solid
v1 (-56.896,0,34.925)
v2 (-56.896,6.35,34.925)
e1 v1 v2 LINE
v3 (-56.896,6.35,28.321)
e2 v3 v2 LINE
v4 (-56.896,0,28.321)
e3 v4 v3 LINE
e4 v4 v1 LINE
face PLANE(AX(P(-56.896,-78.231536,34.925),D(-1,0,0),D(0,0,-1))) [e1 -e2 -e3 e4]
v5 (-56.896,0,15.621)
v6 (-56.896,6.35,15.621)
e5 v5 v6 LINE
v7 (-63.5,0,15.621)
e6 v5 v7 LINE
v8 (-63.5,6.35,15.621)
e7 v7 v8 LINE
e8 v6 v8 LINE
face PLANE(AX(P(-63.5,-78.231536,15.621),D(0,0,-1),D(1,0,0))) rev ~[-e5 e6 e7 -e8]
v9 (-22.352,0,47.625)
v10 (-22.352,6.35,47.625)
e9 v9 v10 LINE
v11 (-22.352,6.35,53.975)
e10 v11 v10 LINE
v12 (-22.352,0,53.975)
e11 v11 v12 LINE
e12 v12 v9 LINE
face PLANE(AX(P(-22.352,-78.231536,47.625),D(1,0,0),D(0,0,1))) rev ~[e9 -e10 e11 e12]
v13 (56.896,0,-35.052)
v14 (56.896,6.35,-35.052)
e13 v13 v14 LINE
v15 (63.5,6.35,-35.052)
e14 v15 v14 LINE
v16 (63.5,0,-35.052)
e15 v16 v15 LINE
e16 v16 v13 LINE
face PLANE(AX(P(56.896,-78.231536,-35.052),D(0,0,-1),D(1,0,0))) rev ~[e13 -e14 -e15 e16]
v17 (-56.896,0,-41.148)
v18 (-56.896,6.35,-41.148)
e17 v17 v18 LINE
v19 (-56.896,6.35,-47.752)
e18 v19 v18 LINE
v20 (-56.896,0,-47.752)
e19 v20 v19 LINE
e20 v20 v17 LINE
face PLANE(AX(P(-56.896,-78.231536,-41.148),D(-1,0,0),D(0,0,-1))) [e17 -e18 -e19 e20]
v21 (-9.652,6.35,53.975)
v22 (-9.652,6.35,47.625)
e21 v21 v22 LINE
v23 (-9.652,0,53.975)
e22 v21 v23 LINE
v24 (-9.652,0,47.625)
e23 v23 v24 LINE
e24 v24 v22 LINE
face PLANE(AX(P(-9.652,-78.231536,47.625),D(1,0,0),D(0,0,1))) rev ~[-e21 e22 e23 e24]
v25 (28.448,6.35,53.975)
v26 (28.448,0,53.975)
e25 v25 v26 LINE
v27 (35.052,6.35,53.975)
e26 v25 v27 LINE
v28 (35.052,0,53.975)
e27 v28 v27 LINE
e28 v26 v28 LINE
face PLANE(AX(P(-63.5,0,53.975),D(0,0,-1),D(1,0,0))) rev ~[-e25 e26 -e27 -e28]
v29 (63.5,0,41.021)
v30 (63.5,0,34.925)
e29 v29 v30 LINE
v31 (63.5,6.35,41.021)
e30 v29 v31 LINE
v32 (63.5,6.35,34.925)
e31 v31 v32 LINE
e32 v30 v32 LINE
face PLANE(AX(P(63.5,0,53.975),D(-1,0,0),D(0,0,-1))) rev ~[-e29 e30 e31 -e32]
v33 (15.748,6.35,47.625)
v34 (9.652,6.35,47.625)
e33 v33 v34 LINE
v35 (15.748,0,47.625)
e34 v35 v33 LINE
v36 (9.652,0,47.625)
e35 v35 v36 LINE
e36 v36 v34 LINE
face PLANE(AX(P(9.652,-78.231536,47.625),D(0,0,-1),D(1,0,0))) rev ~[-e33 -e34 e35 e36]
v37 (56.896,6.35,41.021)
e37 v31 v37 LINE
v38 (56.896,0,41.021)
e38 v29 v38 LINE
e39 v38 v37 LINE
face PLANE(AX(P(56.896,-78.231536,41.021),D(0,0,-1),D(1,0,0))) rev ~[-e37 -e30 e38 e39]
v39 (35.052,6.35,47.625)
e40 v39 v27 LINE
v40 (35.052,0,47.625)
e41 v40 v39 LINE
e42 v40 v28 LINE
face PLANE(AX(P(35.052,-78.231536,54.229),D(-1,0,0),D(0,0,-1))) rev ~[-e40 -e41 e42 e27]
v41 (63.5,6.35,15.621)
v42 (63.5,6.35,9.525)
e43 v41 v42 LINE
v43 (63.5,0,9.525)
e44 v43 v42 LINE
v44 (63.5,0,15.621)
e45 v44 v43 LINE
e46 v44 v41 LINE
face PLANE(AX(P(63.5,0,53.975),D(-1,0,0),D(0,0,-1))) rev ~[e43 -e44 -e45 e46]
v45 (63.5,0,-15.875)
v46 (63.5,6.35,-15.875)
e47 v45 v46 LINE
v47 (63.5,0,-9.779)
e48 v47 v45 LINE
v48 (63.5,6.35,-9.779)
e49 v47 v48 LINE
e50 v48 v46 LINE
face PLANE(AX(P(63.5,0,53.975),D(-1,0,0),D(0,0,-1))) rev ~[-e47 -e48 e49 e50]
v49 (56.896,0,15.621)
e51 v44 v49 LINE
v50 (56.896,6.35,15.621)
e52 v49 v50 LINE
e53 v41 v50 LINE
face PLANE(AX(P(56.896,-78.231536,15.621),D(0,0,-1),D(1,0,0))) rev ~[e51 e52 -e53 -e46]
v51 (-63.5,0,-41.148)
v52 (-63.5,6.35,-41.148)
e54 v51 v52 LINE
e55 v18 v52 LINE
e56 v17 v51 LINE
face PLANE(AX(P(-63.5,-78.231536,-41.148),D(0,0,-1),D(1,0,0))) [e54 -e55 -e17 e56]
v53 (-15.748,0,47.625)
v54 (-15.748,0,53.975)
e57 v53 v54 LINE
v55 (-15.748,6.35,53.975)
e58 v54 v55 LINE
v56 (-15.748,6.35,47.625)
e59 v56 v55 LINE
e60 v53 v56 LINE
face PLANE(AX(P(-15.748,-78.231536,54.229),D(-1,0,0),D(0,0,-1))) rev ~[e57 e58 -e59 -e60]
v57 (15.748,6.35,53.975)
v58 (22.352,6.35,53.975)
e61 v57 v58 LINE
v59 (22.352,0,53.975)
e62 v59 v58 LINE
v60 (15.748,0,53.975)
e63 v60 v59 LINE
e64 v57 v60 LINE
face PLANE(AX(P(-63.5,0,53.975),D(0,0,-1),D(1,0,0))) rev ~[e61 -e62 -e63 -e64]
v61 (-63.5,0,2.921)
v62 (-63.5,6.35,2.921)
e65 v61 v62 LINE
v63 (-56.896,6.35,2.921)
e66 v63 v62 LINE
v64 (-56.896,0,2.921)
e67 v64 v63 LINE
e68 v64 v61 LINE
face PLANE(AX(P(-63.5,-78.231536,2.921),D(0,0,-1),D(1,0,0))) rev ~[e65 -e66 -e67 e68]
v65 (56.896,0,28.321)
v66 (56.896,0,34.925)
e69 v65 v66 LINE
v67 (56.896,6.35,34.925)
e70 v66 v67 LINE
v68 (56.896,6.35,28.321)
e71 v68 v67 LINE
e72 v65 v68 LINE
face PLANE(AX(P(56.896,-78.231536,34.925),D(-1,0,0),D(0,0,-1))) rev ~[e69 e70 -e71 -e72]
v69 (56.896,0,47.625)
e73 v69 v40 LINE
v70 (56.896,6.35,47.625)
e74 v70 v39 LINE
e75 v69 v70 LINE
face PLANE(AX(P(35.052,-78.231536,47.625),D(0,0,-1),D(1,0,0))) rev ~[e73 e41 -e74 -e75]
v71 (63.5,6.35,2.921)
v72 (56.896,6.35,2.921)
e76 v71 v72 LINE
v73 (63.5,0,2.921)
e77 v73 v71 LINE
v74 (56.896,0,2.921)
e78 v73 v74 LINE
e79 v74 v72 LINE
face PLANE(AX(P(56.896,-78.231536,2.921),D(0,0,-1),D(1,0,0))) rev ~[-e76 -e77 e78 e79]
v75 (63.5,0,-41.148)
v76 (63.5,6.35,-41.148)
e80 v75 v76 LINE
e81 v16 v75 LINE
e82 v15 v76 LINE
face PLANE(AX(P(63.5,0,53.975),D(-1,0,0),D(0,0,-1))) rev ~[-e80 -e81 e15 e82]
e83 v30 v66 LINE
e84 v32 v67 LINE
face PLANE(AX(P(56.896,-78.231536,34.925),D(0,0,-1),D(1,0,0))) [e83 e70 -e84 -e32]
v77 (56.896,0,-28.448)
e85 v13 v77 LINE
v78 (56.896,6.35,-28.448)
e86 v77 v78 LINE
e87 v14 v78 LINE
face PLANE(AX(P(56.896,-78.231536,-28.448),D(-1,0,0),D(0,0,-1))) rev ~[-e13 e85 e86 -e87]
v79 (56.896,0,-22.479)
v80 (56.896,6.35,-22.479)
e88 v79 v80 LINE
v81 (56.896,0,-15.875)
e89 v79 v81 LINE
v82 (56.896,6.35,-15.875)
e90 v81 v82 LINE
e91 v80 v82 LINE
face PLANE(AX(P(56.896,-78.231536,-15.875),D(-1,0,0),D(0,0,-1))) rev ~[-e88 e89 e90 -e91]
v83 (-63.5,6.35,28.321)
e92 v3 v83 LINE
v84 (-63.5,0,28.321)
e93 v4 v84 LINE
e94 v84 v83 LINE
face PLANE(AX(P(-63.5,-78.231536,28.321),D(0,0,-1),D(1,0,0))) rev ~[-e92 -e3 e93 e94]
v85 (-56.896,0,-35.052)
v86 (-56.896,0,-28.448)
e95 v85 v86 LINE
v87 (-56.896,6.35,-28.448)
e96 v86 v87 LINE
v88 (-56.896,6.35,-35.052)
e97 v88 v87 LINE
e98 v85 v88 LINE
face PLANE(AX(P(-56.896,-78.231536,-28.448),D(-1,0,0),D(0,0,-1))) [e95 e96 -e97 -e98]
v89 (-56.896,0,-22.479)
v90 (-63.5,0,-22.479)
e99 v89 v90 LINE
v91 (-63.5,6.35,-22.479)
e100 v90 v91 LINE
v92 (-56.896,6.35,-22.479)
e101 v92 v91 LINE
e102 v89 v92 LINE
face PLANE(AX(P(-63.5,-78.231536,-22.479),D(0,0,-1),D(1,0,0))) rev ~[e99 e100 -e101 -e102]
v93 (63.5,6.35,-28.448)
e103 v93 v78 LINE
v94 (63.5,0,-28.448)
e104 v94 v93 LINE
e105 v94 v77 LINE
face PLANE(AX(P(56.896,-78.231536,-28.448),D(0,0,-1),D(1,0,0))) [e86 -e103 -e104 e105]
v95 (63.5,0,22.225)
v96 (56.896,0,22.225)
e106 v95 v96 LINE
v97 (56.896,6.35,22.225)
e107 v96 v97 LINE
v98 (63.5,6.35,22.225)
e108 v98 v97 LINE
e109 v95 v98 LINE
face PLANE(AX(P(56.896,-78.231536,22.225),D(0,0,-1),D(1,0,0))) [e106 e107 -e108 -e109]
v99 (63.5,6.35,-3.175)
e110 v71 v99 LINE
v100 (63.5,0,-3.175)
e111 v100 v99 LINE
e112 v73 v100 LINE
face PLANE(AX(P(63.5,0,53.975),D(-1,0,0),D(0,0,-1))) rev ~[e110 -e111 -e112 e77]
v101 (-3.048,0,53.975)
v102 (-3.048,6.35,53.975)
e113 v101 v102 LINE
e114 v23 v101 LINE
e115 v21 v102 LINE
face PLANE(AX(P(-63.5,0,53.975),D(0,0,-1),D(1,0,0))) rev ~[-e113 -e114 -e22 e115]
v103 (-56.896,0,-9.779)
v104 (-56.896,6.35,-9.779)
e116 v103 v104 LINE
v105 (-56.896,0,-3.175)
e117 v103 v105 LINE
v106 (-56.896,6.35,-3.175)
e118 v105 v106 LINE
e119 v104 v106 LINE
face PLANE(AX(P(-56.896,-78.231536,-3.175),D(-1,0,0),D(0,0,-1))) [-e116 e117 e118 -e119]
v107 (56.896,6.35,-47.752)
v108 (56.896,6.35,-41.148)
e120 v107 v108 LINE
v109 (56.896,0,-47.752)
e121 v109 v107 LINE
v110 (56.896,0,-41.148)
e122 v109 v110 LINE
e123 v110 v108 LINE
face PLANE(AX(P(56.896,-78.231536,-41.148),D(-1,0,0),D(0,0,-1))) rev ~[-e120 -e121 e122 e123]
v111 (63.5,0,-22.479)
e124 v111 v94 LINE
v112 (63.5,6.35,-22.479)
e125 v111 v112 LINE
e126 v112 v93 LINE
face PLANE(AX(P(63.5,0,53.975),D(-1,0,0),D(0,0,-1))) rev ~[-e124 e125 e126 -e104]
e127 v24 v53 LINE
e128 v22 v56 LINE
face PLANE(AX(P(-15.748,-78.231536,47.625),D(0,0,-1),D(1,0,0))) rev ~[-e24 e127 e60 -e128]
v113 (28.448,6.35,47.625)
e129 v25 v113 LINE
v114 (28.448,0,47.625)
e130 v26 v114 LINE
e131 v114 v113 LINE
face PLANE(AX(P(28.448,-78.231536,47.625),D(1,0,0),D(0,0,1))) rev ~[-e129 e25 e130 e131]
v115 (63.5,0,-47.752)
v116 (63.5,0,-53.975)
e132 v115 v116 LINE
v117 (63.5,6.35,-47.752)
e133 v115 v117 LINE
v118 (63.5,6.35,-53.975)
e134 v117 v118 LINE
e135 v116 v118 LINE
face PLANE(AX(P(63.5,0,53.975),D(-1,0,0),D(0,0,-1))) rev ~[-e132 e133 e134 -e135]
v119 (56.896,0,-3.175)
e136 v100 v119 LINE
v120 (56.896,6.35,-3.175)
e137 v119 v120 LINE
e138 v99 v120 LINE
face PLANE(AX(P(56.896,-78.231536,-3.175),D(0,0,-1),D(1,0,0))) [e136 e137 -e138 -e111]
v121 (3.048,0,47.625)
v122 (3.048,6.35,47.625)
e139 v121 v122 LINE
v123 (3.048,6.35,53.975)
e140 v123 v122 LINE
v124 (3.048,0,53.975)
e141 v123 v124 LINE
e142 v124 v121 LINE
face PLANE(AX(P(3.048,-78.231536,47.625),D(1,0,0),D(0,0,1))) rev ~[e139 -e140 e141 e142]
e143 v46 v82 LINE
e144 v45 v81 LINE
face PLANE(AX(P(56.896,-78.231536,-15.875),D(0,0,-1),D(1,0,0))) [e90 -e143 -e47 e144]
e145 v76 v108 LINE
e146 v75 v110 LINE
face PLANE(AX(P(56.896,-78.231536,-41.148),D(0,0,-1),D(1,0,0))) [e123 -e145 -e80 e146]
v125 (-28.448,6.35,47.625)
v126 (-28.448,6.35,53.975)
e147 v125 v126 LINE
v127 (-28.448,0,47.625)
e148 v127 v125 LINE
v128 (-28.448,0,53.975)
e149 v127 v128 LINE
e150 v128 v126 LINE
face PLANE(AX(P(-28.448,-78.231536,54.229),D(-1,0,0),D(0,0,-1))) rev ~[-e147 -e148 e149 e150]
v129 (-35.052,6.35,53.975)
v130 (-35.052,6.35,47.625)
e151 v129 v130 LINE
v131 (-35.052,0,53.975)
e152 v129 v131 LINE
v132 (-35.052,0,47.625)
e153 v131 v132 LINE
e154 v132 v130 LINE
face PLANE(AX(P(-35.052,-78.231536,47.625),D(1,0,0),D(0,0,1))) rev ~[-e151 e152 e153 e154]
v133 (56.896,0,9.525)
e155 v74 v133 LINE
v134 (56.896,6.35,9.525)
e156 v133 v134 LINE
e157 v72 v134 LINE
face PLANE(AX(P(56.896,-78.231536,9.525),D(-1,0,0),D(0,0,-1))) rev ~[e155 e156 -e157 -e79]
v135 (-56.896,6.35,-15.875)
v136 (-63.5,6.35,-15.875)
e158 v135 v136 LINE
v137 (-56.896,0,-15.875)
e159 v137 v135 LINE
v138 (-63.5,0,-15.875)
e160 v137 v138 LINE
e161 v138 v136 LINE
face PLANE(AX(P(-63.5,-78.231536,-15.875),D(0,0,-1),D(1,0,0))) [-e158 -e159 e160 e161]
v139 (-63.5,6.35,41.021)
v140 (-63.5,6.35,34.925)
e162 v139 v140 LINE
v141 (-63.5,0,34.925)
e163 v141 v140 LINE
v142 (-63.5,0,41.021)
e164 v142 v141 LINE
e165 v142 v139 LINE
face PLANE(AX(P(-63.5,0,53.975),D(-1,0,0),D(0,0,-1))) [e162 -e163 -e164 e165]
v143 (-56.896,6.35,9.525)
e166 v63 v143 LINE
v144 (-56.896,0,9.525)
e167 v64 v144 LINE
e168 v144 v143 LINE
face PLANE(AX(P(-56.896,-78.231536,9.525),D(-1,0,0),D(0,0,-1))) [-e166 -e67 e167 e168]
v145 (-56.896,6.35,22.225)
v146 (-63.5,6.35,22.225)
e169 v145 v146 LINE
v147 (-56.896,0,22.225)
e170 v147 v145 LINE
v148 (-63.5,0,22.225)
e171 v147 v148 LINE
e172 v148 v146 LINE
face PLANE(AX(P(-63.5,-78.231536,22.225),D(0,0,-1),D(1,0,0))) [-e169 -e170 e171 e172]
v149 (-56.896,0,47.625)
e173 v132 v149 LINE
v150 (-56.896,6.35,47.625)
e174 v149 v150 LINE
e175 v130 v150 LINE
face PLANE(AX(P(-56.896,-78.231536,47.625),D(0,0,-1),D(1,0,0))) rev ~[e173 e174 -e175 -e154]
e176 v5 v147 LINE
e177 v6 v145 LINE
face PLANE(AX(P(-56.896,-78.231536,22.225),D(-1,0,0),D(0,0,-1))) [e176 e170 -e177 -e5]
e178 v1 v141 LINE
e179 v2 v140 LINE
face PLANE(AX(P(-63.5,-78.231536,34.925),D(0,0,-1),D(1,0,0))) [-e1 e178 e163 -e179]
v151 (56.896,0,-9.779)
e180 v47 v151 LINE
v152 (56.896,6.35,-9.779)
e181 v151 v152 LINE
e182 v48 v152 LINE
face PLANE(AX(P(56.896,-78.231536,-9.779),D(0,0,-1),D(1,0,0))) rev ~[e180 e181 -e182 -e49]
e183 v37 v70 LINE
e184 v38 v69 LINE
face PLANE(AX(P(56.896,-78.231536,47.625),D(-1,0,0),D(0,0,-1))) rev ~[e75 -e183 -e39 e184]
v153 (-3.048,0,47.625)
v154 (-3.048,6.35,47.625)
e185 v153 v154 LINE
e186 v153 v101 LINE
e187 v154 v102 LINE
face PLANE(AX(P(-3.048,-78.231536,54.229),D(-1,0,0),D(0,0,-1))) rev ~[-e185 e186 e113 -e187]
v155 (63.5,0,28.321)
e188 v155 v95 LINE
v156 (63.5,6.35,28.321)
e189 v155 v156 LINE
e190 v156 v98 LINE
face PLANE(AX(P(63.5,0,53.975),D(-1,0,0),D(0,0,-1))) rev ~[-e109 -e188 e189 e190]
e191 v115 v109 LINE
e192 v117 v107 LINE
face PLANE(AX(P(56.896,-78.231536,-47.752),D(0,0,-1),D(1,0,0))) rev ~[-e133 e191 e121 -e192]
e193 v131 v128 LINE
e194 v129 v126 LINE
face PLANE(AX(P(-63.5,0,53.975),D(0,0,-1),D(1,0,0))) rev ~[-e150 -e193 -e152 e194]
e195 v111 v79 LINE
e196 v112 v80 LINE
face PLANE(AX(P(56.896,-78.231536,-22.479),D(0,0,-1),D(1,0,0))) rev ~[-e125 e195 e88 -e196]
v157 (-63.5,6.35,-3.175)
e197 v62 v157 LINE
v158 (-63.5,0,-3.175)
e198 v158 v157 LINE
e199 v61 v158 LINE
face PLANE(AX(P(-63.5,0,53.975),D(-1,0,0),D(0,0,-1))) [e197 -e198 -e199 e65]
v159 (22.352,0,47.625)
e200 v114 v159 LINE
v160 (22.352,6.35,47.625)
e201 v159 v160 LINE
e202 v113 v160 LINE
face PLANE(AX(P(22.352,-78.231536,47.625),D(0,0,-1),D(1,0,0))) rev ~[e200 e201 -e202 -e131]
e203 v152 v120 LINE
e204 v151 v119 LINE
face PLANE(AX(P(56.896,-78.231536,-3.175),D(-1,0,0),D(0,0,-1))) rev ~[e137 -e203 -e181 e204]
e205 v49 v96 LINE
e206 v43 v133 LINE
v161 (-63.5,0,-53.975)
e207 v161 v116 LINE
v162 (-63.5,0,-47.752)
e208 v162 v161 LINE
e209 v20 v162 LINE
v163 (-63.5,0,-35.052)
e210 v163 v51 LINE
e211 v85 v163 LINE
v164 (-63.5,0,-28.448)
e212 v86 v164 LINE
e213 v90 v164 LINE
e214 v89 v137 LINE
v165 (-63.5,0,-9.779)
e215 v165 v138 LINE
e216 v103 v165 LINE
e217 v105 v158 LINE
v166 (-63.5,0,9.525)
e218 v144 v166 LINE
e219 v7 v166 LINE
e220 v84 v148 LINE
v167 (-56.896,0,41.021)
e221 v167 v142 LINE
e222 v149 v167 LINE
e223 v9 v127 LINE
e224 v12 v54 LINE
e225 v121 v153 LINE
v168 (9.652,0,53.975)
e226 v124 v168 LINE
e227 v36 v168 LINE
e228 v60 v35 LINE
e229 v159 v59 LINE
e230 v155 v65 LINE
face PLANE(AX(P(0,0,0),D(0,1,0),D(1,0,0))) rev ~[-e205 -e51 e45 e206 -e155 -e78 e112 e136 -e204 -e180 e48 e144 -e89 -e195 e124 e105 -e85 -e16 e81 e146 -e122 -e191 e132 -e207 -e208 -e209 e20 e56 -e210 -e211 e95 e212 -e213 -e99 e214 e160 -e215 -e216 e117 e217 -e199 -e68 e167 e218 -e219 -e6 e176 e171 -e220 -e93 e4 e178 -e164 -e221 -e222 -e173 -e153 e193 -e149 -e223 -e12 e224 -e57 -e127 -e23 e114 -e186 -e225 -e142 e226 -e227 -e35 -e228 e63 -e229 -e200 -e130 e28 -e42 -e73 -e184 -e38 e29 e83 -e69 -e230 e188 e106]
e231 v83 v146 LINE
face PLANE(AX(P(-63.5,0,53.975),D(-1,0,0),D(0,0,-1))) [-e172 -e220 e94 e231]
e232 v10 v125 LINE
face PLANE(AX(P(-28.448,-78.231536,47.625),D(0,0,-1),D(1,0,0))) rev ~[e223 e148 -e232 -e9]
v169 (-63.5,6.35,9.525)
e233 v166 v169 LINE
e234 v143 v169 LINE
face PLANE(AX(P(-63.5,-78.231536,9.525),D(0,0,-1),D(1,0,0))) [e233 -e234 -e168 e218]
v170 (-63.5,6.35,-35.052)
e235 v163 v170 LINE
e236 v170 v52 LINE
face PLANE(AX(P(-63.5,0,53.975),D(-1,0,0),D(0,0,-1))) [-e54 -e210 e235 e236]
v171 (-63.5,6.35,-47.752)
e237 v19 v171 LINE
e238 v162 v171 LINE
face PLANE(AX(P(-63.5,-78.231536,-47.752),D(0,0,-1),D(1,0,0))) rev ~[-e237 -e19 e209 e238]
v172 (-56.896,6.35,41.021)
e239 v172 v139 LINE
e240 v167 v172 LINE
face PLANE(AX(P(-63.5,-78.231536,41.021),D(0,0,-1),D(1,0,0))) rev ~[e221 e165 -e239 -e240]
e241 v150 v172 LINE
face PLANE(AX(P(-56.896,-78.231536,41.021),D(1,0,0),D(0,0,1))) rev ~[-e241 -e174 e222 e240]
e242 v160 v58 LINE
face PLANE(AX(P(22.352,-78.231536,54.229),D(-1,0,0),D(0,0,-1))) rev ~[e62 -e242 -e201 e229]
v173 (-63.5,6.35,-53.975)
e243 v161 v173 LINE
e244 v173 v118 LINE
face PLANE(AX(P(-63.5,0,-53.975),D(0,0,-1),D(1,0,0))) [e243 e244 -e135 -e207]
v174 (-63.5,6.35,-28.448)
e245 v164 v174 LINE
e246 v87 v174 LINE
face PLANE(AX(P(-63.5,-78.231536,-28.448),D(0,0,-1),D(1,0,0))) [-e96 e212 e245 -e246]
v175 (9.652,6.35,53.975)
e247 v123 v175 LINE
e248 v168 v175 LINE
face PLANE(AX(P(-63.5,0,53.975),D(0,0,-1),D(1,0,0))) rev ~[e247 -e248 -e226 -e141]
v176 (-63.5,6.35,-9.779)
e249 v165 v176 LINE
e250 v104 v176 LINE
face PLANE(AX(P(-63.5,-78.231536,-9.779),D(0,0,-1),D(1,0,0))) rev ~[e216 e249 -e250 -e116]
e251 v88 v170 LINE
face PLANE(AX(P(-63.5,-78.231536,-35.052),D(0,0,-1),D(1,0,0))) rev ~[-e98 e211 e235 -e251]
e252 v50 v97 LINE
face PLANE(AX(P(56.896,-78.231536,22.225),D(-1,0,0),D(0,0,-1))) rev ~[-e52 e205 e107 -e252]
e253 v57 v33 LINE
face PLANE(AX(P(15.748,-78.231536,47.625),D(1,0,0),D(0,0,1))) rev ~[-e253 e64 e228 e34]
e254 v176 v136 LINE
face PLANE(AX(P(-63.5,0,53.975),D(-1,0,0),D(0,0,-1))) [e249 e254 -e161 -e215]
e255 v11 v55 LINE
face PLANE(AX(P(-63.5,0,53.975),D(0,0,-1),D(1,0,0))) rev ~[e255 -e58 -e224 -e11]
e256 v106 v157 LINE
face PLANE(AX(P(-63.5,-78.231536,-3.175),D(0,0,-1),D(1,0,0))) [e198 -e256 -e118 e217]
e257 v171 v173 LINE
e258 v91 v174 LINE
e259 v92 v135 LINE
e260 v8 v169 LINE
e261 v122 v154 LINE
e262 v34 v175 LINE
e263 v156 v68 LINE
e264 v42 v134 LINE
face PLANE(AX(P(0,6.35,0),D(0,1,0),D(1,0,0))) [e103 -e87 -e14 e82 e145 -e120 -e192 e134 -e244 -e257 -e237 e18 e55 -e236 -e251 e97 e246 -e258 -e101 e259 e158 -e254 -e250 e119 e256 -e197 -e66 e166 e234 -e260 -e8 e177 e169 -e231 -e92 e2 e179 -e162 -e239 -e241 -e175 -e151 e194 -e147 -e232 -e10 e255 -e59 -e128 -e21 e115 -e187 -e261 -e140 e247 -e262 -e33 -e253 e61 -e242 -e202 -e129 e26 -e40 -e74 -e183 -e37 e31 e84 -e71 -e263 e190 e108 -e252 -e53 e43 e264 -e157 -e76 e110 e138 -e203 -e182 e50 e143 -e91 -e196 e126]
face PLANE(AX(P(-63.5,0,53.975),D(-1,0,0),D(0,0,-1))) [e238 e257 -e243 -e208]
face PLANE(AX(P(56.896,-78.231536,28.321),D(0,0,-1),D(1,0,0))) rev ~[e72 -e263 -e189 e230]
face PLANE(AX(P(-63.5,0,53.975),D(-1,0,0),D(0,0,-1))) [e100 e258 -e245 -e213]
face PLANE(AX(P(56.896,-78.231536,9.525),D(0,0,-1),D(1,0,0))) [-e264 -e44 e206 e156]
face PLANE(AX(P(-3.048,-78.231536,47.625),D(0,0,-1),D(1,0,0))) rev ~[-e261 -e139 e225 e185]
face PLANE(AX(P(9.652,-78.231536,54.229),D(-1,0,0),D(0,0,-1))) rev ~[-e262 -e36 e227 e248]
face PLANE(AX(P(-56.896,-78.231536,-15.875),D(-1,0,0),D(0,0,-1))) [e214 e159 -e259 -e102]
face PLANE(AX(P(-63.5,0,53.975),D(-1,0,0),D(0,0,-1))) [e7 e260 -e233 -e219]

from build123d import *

# Parameters (mm, degrees)
SKETCH1_W               = 127
SKETCH1_H               = 107.95
BOSS_EXTRUDE1_DEPTH     = 6.35
CUT_EXTRUDE1_DEPTH      = 84.58153579
CUT_EXTRUDE1_DEPTH_BACK = 84.58153579
SKETCH2_W               = 6.604
SKETCH2_H               = 6.604


with BuildPart() as part:
    # Sketch1 → Boss-Extrude1 (new body)
    with BuildSketch(Plane(origin=(0, 0, 0), x_dir=(1, 0, 0), z_dir=(0, 1, 0))):
        Rectangle(SKETCH1_W, SKETCH1_H)
    extrude(amount=BOSS_EXTRUDE1_DEPTH)

    # Sketch2 → Cut-Extrude1 (cut, two sides: drawn at the far end of the back side and taken through both)
    with BuildSketch(Plane(origin=(0, 6.35, 0), x_dir=(1, 0, 0), z_dir=(0, 1, 0)).offset(-CUT_EXTRUDE1_DEPTH_BACK)):
        Polygon((22.352, -47.625), (28.448, -47.625), (28.448, -54.229), (35.052, -54.229), (35.052, -47.625), (56.896, -47.625), (56.896, -41.021), (63.5, -41.021), (63.5, -47.625), (63.5, -92.544961432), (-63.5, -92.544961432), (-63.5, -47.625), (-63.5, -41.021), (-56.896, -41.021), (-56.896, -47.625), (-35.052, -47.625), (-35.052, -54.229), (-28.448, -54.229), (-28.448, -47.625), (-22.352, -47.625), (-22.352, -54.229), (-15.748, -54.229), (-15.748, -47.625), (-9.652, -47.625), (-9.652, -54.229), (-3.048, -54.229), (-3.048, -47.625), (3.048, -47.625), (3.048, -54.229), (9.652, -54.229), (9.652, -47.625), (15.748, -47.625), (15.748, -54.229), (22.352, -54.229), align=None)
        with Locations((-60.198, 31.75)):
            Rectangle(SKETCH2_W, SKETCH2_H)
        with Locations((-60.198, 19.177)):
            Rectangle(SKETCH2_W, SKETCH2_H)
        with Locations((-60.198, 6.477)):
            Rectangle(SKETCH2_W, SKETCH2_H)
        with Locations((-60.198, -6.223)):
            Rectangle(SKETCH2_W, SKETCH2_H)
        with Locations((-60.198, -18.923)):
            Rectangle(SKETCH2_W, SKETCH2_H)
        with Locations((-60.198, -31.623)):
            Rectangle(SKETCH2_W, SKETCH2_H)
        with Locations((60.198, -31.623)):
            Rectangle(SKETCH2_W, SKETCH2_H)
        with Locations((60.198, -18.923)):
            Rectangle(SKETCH2_W, SKETCH2_H)
        with Locations((60.198, -6.223)):
            Rectangle(SKETCH2_W, SKETCH2_H)
        with Locations((60.198, 6.477)):
            Rectangle(SKETCH2_W, SKETCH2_H)
        with Locations((60.198, 19.177)):
            Rectangle(SKETCH2_W, SKETCH2_H)
        with Locations((60.198, 31.75)):
            Rectangle(SKETCH2_W, SKETCH2_H)
        with Locations((60.198, 44.45)):
            Rectangle(SKETCH2_W, SKETCH2_H)
        with Locations((-60.198, 44.45)):
            Rectangle(SKETCH2_W, SKETCH2_H)
    extrude(amount=CUT_EXTRUDE1_DEPTH + CUT_EXTRUDE1_DEPTH_BACK, mode=Mode.SUBTRACT)


solid = part.part
